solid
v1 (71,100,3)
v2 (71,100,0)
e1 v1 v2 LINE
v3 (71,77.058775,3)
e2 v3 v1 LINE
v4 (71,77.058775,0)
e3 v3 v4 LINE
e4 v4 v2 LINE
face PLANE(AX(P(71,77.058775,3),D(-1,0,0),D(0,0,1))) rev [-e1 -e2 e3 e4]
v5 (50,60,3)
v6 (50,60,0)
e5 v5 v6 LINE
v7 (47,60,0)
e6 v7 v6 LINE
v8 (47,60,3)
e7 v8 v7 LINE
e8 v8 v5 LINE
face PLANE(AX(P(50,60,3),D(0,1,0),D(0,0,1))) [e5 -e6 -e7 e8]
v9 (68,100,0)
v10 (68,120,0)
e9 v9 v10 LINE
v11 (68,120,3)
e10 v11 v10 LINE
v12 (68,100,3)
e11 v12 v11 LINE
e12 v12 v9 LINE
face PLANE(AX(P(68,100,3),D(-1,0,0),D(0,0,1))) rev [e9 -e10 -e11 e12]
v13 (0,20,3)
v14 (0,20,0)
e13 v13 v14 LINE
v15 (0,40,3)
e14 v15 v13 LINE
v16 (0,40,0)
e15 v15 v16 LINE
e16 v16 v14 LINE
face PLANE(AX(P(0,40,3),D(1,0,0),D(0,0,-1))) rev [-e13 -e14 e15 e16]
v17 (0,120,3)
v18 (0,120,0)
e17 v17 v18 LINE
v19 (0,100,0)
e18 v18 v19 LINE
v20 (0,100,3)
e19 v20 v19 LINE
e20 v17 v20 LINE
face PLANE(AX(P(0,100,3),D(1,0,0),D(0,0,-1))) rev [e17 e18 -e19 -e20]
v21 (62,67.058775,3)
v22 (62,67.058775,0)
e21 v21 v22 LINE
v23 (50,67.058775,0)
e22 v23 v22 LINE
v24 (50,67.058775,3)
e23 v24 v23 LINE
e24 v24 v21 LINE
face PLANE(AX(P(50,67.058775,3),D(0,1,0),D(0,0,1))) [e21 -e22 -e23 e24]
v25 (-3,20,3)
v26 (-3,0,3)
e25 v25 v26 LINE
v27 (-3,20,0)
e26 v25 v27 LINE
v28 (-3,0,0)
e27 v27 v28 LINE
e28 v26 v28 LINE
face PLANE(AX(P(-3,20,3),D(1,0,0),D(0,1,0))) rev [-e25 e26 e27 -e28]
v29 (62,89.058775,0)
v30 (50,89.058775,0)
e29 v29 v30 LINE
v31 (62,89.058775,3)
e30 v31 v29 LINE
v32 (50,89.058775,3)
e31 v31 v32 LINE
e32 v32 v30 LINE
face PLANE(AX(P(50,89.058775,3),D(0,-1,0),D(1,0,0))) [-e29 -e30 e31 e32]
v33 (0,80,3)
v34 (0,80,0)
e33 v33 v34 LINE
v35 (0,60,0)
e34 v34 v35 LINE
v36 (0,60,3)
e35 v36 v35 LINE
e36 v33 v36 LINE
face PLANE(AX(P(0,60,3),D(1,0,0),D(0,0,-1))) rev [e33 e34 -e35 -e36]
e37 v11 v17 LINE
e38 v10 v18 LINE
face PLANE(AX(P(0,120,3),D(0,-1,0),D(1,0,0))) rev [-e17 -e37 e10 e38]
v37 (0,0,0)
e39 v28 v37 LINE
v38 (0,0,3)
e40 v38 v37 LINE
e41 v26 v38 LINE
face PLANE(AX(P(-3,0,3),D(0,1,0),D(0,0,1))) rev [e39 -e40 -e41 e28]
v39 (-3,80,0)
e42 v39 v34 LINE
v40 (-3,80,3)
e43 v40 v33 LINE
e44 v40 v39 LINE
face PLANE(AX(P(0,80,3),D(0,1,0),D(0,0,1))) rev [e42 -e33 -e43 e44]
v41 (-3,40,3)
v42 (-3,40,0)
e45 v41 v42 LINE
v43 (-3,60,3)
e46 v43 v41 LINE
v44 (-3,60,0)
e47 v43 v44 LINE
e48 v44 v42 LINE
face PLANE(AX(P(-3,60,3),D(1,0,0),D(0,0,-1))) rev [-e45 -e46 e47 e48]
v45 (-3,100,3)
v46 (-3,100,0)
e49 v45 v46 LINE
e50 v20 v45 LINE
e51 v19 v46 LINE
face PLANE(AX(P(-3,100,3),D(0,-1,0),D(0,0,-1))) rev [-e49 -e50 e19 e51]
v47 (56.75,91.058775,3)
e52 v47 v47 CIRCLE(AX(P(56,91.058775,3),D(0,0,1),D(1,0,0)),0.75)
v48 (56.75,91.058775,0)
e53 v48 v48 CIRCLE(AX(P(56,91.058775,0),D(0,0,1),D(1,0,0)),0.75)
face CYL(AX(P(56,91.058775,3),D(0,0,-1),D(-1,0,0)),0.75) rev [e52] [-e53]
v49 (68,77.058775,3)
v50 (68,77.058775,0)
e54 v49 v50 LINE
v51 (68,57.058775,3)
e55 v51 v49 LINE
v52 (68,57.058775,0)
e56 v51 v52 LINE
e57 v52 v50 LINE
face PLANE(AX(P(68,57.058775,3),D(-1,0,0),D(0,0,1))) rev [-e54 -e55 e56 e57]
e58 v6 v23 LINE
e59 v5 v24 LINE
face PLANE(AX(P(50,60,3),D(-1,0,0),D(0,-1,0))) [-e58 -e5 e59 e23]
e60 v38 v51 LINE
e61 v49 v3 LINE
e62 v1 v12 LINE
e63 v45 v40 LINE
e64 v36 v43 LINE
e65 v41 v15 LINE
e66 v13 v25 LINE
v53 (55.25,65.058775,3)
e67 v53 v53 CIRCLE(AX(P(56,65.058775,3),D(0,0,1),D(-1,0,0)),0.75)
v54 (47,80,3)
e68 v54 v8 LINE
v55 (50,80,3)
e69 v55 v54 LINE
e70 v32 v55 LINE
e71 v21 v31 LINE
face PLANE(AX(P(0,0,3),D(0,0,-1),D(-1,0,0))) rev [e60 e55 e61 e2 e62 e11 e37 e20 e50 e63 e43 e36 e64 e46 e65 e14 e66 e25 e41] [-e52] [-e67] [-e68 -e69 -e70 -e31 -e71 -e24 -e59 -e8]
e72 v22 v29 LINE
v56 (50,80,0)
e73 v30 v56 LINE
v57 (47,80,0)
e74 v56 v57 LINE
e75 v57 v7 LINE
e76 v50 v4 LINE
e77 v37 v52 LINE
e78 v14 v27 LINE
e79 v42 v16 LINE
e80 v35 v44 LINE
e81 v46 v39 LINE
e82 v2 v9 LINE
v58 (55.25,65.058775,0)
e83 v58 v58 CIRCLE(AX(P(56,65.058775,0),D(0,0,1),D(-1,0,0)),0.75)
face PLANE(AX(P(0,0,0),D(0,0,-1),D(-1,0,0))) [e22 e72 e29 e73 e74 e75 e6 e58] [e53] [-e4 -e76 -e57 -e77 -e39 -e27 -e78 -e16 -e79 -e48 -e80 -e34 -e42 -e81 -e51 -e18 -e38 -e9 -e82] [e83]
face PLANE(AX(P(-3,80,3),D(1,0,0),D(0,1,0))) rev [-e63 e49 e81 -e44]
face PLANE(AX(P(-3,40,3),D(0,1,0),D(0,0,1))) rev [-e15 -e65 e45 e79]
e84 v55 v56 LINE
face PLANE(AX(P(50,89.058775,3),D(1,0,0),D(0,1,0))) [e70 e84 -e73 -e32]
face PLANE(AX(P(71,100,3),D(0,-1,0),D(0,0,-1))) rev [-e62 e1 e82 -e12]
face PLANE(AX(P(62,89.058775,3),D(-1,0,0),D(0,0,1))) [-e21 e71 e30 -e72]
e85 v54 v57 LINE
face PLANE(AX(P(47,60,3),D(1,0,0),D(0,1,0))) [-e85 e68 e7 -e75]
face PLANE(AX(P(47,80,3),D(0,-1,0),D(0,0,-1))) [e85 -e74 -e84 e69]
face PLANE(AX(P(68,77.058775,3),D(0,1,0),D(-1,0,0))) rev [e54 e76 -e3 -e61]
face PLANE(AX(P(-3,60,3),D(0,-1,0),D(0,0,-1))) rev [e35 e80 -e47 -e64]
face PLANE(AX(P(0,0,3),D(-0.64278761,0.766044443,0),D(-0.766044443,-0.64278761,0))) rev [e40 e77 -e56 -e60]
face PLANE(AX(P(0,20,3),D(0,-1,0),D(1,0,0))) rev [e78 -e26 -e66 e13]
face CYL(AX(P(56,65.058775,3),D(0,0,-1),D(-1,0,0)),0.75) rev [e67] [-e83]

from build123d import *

# Parameters (mm, degrees)
SKETCH1_R           = 0.75
BOSS_EXTRUDE1_DEPTH = 3


with BuildPart() as part:
    # Sketch1 → Boss-Extrude1 (new body)
    with BuildSketch(Plane.XY):
        Polygon((-3, 60), (-3, 40), (0, 40), (0, 20), (-3, 20), (-3, 0), (0, 0), (68, 57.05877492), (68, 77.05877492), (71, 77.05877492), (71, 100), (68, 100), (68, 120), (23.5, 120), (0, 120), (0, 100), (-3, 100), (-3, 80), (0, 80), (0, 60), align=None)
        with Locations((56, 91.05877492)):
            Circle(SKETCH1_R, mode=Mode.SUBTRACT)
        with Locations(Location((56, 65.05877492, 0), (0, 0, 180))):
            Circle(SKETCH1_R, mode=Mode.SUBTRACT)
        Polygon((47, 80), (50, 80), (50, 89.05877492), (62, 89.05877492), (62, 67.05877492), (50, 67.05877492), (50, 60), (47, 60), align=None, mode=Mode.SUBTRACT)
    extrude(amount=BOSS_EXTRUDE1_DEPTH)


solid = part.part
